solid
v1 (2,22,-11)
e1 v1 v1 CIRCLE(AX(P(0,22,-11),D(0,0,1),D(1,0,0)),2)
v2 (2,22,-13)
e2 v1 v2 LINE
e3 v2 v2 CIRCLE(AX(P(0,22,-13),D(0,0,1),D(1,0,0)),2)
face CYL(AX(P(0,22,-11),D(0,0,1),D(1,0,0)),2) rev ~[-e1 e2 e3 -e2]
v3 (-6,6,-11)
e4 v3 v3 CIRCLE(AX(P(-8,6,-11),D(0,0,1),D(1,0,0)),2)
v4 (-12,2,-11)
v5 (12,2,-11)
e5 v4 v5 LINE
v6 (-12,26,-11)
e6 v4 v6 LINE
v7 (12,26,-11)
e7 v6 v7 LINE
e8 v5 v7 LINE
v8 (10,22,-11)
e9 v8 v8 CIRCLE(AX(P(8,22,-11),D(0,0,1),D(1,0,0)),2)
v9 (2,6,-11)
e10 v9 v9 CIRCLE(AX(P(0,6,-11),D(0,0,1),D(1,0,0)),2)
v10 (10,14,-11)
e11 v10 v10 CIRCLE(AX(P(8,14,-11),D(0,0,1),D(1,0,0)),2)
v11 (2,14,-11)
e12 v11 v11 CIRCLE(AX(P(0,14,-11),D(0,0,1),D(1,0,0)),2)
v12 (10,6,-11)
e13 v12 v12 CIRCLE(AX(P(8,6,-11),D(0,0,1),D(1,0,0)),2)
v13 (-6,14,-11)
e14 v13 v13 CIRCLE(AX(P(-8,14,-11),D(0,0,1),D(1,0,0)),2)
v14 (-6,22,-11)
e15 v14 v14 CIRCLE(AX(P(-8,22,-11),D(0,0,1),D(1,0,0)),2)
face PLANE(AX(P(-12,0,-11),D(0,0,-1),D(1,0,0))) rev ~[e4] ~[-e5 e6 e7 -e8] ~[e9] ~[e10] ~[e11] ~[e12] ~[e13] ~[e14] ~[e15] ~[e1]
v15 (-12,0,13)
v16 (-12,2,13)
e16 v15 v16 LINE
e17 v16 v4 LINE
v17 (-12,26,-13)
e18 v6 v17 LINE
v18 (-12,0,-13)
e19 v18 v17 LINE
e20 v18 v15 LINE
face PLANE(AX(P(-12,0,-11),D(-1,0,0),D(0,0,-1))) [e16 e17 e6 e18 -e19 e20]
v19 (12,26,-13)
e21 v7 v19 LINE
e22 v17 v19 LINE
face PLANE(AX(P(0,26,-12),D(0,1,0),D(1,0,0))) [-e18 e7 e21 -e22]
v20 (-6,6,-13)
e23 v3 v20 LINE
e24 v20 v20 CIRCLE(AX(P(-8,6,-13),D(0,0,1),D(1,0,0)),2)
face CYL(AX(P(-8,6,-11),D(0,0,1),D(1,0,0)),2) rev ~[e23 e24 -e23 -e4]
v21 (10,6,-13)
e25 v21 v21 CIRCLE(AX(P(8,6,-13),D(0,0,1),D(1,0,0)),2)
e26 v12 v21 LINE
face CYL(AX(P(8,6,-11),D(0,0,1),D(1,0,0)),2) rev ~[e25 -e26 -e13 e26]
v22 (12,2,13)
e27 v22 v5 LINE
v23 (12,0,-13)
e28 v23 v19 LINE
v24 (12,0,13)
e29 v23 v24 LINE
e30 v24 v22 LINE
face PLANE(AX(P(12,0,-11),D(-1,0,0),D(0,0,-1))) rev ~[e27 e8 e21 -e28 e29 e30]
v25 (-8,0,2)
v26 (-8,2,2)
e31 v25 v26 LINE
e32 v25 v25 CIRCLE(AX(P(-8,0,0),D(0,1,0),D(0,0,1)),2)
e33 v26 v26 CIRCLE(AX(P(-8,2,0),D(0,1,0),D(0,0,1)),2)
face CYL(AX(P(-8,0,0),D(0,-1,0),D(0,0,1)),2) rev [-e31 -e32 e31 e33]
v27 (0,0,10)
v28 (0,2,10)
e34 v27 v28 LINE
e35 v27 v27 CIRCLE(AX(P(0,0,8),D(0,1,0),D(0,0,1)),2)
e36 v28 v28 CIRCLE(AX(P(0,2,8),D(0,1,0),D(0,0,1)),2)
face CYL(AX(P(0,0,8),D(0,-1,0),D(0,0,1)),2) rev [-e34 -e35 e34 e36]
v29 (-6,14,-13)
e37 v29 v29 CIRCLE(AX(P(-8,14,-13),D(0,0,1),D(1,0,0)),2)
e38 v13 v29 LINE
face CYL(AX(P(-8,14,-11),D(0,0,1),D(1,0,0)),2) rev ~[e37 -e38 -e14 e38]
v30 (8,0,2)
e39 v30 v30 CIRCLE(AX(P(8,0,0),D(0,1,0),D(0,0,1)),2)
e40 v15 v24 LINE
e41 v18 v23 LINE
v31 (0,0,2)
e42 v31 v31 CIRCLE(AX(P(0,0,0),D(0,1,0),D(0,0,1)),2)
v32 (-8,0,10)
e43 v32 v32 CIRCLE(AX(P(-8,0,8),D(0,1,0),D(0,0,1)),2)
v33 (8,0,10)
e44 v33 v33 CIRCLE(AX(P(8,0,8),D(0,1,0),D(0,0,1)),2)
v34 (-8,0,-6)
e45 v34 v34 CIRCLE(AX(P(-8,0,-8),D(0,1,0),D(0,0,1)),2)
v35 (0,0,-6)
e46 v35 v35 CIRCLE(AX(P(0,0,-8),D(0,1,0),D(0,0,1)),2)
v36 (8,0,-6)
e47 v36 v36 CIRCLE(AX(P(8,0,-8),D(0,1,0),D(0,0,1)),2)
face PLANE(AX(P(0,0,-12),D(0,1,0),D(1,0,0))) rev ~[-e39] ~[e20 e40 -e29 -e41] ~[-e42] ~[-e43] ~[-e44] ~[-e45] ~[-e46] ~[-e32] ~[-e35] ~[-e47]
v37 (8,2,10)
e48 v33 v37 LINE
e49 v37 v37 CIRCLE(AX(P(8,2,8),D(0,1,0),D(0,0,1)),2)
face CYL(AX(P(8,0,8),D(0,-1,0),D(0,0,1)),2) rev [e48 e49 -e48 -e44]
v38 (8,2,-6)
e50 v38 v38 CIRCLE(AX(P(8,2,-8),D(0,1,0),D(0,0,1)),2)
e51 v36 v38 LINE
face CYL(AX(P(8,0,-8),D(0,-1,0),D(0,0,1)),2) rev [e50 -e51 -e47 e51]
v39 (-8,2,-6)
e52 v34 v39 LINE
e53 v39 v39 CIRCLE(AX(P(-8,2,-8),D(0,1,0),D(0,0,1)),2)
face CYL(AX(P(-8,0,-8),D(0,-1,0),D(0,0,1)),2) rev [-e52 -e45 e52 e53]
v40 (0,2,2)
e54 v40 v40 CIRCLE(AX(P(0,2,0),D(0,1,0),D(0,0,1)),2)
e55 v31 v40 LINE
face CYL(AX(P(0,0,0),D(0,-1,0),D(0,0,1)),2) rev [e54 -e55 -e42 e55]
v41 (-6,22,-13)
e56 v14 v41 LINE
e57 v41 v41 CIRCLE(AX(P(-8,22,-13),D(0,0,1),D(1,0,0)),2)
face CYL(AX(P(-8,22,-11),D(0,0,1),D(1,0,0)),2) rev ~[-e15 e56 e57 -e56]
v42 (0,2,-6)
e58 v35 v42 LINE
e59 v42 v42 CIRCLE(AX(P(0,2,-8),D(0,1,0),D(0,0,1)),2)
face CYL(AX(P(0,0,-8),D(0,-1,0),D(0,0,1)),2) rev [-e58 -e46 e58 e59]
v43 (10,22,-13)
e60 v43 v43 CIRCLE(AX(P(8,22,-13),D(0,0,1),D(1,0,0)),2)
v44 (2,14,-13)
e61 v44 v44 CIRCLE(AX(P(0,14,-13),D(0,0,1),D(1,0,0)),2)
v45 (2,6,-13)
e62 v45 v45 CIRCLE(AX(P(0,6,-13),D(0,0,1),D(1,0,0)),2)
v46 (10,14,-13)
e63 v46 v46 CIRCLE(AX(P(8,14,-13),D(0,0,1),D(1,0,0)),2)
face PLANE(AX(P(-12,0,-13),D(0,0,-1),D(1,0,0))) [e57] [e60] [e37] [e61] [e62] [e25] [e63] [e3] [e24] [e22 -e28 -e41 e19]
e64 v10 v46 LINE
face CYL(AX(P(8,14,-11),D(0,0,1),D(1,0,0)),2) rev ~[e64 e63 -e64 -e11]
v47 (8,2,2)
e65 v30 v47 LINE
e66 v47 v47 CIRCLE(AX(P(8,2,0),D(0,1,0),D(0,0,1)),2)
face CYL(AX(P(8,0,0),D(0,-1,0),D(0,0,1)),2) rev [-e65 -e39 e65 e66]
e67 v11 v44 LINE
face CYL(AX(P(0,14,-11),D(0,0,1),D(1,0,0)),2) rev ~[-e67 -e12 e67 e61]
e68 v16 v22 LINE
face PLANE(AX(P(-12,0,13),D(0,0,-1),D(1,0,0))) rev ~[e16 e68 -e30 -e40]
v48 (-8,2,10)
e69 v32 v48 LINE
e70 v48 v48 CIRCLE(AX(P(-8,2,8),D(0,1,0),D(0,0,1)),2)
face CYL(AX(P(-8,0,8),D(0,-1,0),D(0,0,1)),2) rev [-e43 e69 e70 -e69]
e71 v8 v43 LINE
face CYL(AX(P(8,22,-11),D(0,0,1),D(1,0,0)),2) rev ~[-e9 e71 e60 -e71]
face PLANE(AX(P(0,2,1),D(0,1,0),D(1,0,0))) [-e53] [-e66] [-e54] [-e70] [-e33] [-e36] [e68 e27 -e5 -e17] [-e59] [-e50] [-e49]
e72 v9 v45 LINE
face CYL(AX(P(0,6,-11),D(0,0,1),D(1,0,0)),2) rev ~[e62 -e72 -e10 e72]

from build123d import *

# Parameters (mm, degrees)
SKETCH1_W           = 24
SKETCH1_H           = 24
SKETCH1_R           = 2
BOSS_EXTRUDE1_DEPTH = 2
SKETCH1_3_W         = 24
SKETCH1_3_H         = 2
BOSS_EXTRUDE2_DEPTH = 26
SKETCH2_R           = 2
CUT_EXTRUDE1_DEPTH  = 26


with BuildPart() as part:
    # Sketch1 → Boss-Extrude1 (new body)
    with BuildSketch(Plane(origin=(0, 0, 0), x_dir=(1, 0, 0), z_dir=(0, 1, 0))):
        with Locations((0, -1)):
            Rectangle(SKETCH1_W, SKETCH1_H)
        with Locations((-8, -8)):
            Circle(SKETCH1_R, mode=Mode.SUBTRACT)
        with Locations((-8, 0)):
            Circle(SKETCH1_R, mode=Mode.SUBTRACT)
        with Locations((0, -8)):
            Circle(SKETCH1_R, mode=Mode.SUBTRACT)
        with Locations((8, -8)):
            Circle(SKETCH1_R, mode=Mode.SUBTRACT)
        Circle(SKETCH1_R, mode=Mode.SUBTRACT)
        with Locations((8, 0)):
            Circle(SKETCH1_R, mode=Mode.SUBTRACT)
        with Locations((-8, 8)):
            Circle(SKETCH1_R, mode=Mode.SUBTRACT)
        with Locations((0, 8)):
            Circle(SKETCH1_R, mode=Mode.SUBTRACT)
        with Locations((8, 8)):
            Circle(SKETCH1_R, mode=Mode.SUBTRACT)
    extrude(amount=BOSS_EXTRUDE1_DEPTH)

    # Sketch1<3> → Boss-Extrude2 (add)
    with BuildSketch(Plane(origin=(0, 0, 0), x_dir=(1, 0, 0), z_dir=(0, 1, 0))):
        with Locations((0, 12)):
            Rectangle(SKETCH1_3_W, SKETCH1_3_H)
    extrude(amount=BOSS_EXTRUDE2_DEPTH)

    # Sketch2 → Cut-Extrude1 (cut)
    with BuildSketch(Plane.XY.offset(-11)):
        with Locations((-8, 22)):
            Circle(SKETCH2_R)
        with Locations((0, 22)):
            Circle(SKETCH2_R)
        with Locations((8, 22)):
            Circle(SKETCH2_R)
        with Locations((-8, 14)):
            Circle(SKETCH2_R)
        with Locations((0, 14)):
            Circle(SKETCH2_R)
        with Locations((8, 14)):
            Circle(SKETCH2_R)
        with Locations((8, 6)):
            Circle(SKETCH2_R)
        with Locations((0, 6)):
            Circle(SKETCH2_R)
        with Locations((-8, 6)):
            Circle(SKETCH2_R)
    extrude(amount=-CUT_EXTRUDE1_DEPTH, mode=Mode.SUBTRACT)


solid = part.part
